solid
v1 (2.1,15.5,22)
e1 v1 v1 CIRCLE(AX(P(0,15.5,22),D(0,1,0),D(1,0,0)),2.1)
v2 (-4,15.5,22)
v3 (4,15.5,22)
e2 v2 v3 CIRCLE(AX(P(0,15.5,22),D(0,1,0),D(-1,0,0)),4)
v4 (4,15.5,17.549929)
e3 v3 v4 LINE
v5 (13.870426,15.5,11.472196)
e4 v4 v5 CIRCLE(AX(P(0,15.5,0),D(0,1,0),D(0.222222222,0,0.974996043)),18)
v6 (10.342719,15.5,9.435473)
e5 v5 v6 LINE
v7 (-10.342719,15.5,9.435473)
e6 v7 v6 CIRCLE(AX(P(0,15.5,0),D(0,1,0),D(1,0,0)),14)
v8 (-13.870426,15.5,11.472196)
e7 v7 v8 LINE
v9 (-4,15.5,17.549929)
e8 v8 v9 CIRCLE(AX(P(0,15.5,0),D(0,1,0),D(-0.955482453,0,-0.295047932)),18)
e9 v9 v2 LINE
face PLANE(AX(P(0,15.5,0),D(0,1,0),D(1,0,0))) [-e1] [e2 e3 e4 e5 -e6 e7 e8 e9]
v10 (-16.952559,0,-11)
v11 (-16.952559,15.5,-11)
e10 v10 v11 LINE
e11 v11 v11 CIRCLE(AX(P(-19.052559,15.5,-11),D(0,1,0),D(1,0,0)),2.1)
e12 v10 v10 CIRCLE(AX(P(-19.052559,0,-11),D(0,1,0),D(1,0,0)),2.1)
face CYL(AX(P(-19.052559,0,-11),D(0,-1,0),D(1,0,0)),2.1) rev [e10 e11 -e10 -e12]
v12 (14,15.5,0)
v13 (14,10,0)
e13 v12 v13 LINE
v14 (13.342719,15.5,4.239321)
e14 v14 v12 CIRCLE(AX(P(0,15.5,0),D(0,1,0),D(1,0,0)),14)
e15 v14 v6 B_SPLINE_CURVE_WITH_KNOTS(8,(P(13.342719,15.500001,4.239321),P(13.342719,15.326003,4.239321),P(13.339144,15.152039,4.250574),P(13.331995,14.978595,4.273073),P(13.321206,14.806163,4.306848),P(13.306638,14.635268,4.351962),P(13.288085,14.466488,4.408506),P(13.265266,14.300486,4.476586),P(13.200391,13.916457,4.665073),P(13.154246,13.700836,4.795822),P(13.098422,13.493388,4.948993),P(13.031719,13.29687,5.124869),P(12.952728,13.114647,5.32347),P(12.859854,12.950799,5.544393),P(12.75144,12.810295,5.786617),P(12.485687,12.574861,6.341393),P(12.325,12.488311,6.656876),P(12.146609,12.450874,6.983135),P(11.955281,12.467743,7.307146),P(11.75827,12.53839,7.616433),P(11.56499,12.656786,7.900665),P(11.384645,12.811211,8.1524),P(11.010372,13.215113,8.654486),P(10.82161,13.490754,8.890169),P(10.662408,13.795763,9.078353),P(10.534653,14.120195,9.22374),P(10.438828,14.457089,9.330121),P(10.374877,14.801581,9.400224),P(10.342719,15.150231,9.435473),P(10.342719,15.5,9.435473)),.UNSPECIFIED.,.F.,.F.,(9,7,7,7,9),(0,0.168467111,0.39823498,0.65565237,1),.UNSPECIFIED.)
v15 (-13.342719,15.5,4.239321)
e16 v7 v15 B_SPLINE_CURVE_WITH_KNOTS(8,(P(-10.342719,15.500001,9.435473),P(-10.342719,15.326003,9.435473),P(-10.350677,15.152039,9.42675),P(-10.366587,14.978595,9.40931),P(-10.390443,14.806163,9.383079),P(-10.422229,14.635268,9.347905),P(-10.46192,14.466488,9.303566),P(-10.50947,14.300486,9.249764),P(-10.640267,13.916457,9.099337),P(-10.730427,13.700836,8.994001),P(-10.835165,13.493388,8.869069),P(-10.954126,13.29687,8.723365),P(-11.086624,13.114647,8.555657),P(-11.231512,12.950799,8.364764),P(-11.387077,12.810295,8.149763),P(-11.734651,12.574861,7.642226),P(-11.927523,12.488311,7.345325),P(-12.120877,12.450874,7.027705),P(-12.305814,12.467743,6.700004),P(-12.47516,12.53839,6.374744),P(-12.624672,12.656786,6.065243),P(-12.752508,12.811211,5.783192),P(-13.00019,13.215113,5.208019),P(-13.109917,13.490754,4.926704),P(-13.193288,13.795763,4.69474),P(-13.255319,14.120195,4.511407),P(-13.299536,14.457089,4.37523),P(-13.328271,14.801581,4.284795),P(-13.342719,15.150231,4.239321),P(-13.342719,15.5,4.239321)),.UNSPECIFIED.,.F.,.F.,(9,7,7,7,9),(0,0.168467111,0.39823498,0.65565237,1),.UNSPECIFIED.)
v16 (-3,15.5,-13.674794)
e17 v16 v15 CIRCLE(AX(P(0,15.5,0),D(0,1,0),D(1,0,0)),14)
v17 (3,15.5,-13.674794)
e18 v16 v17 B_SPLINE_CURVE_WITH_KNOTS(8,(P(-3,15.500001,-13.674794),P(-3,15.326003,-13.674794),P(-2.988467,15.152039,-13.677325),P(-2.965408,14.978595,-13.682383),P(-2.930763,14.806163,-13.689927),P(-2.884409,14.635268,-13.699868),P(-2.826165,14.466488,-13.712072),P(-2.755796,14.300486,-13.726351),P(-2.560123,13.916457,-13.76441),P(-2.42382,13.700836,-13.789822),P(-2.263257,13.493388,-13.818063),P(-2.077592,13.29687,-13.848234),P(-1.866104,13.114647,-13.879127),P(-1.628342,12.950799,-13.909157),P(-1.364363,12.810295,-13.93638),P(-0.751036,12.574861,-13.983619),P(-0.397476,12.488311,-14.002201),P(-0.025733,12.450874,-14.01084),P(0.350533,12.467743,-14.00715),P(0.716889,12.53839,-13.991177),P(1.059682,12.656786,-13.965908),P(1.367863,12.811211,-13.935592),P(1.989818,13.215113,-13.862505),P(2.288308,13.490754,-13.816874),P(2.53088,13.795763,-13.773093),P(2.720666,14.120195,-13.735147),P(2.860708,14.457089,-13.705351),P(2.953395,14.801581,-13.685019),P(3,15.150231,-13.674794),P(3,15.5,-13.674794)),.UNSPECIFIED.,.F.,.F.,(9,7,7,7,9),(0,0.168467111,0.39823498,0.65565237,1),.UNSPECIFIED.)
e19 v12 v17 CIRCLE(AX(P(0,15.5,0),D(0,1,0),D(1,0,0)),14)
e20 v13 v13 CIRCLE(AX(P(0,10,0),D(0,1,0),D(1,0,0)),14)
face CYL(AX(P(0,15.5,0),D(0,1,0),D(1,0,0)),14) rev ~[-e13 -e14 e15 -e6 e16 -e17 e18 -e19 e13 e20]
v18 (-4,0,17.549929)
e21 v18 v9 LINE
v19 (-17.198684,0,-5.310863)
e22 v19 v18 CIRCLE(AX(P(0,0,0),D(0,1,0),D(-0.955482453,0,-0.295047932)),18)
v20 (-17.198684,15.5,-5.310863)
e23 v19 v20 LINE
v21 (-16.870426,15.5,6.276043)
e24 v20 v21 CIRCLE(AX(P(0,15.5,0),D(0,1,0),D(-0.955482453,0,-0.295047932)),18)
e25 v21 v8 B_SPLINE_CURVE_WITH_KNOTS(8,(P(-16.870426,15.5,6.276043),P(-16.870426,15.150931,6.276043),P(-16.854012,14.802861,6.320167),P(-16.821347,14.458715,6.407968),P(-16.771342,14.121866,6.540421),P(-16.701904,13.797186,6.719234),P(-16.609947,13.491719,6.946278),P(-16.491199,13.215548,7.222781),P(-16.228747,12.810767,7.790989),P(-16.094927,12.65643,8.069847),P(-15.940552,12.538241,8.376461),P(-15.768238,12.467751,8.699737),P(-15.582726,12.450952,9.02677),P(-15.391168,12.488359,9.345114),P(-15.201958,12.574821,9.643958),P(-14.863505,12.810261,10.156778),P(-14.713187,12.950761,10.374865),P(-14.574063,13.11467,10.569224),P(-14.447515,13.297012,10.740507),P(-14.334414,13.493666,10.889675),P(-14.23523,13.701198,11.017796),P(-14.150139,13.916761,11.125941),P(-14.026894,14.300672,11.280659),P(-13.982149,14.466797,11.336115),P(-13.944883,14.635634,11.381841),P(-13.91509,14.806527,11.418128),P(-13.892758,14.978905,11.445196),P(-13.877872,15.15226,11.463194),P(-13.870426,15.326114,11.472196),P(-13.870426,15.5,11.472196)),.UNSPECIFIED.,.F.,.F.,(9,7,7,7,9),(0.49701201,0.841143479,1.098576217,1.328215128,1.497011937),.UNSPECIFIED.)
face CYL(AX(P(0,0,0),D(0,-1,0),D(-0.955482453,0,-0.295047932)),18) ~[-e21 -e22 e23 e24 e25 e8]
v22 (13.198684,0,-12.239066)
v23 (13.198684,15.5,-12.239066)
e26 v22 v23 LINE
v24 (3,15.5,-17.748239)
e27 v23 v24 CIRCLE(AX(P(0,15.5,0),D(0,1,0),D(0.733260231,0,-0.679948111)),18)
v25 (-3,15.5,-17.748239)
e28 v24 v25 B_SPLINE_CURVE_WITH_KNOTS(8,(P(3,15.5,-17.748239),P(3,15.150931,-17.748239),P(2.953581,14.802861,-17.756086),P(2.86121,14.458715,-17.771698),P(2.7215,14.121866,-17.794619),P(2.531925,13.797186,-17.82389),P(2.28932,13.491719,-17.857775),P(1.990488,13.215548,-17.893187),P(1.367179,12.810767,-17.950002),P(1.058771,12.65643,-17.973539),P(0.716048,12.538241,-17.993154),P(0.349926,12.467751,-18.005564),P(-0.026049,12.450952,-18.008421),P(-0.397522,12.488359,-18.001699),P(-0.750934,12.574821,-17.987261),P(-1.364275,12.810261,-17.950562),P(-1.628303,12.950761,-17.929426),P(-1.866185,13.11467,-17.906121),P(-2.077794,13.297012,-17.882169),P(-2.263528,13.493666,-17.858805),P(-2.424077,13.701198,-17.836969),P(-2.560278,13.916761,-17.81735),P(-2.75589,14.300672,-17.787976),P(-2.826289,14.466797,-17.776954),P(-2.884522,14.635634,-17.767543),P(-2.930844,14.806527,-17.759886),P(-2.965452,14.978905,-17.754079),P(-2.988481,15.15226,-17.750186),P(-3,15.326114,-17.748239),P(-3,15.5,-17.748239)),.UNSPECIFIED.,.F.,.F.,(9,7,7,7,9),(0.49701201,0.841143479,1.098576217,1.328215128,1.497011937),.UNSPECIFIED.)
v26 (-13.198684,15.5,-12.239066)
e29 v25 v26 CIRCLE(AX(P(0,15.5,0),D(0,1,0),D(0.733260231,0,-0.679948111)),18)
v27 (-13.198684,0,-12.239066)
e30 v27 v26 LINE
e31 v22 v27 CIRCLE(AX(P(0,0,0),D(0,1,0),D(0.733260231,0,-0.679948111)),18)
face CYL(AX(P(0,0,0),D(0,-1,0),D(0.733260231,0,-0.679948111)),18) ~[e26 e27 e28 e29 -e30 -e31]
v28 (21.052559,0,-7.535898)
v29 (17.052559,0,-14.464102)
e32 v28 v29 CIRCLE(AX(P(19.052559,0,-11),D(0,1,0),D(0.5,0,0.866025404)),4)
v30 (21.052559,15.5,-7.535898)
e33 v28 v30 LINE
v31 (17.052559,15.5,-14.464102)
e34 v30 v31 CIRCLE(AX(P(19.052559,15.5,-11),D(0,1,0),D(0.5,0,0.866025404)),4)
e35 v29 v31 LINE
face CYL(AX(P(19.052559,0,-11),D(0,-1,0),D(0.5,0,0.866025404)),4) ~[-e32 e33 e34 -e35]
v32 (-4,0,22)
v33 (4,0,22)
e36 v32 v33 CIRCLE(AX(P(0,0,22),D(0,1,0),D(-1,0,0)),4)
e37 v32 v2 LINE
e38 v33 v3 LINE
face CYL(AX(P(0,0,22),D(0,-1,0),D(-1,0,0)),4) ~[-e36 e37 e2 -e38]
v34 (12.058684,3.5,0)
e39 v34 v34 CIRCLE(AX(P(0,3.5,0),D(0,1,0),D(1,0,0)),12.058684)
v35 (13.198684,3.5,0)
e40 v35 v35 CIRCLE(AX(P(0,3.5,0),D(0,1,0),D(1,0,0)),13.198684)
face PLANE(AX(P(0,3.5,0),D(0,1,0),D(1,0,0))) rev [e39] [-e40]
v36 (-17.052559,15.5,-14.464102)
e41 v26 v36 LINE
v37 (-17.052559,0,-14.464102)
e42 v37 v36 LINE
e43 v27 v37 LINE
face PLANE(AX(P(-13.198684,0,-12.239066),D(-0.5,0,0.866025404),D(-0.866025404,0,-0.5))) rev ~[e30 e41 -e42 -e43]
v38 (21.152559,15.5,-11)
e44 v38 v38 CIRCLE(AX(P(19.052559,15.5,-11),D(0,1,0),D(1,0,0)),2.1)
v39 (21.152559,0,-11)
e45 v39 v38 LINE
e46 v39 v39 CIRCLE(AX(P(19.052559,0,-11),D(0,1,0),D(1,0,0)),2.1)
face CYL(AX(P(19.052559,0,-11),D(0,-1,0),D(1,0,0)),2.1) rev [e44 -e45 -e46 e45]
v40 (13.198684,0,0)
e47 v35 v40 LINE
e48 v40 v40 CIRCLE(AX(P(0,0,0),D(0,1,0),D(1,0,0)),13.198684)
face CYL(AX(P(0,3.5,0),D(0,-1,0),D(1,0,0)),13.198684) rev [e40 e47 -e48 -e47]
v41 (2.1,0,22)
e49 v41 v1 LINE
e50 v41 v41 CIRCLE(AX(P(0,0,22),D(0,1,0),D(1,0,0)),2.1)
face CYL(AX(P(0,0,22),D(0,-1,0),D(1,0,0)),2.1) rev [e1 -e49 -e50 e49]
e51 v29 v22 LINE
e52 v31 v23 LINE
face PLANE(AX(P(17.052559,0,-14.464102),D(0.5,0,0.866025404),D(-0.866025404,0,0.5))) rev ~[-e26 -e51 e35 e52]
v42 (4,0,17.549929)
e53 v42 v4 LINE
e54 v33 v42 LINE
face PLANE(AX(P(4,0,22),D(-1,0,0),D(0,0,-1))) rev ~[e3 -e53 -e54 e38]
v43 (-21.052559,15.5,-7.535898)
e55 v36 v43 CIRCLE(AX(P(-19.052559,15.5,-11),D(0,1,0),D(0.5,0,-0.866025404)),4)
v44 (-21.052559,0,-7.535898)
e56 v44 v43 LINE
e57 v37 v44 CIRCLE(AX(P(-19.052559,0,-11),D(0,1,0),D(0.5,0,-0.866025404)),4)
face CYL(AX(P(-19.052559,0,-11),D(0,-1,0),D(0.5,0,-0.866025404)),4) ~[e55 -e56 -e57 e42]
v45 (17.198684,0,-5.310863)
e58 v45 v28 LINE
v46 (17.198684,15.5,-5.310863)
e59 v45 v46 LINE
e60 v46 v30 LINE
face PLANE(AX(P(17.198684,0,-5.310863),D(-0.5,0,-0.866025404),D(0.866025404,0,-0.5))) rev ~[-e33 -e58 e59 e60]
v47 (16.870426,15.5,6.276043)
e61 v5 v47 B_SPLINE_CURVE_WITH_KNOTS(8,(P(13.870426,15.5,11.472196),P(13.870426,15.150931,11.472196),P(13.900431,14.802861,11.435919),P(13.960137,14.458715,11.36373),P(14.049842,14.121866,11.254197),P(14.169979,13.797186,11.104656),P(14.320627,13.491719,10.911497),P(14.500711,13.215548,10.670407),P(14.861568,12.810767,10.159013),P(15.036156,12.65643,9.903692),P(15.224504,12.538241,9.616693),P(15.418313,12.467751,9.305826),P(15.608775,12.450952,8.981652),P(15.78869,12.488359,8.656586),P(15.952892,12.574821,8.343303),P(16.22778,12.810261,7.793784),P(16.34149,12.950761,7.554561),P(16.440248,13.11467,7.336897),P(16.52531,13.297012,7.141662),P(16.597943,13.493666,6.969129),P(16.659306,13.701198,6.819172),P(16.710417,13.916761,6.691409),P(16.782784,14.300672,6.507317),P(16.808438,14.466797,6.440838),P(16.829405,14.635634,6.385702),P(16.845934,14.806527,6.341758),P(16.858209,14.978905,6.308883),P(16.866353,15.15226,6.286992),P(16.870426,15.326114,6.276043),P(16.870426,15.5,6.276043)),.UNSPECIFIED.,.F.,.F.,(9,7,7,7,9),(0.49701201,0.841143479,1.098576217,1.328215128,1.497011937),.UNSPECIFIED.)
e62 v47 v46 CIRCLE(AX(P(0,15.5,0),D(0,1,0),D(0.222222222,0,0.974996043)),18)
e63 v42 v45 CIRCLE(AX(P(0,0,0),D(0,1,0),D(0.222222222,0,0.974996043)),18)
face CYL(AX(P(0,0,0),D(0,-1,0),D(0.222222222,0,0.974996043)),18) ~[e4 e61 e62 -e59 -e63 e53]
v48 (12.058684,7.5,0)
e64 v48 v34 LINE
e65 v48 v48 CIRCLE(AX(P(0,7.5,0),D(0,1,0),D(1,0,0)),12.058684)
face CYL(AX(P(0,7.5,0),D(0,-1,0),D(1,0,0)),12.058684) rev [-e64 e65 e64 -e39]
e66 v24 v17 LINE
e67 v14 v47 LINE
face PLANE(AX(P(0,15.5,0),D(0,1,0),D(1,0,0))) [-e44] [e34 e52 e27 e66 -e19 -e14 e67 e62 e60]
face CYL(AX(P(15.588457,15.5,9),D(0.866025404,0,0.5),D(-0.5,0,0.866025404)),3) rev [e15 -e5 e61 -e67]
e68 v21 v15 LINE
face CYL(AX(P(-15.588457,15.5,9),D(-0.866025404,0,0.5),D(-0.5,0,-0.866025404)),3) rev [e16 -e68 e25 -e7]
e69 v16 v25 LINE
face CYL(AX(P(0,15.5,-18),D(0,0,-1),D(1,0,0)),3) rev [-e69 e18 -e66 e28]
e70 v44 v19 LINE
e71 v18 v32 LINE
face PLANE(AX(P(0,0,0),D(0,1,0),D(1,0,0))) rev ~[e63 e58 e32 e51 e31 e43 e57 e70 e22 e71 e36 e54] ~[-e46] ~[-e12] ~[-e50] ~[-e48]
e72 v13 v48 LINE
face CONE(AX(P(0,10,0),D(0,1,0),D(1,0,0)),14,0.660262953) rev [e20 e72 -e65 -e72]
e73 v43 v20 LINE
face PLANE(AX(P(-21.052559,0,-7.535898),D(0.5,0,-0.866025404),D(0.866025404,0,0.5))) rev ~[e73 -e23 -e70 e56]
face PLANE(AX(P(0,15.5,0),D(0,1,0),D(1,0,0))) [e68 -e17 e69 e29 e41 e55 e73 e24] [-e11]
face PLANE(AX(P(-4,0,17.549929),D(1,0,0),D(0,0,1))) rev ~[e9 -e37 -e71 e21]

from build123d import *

# Parameters (mm, degrees)
SKETCH1_R           = 2.1
BOSS_EXTRUDE1_DEPTH = 15.5
SKETCH2_R           = 14
CUT_EXTRUDE1_DEPTH  = 16.5
CUT_EXTRUDE2_START  = -18
SKETCH4_R           = 3
CUT_EXTRUDE2_DEPTH  = 4.325206
CIRPATTERN1_COUNT   = 3


with BuildPart() as part:
    # Sketch1 → Boss-Extrude1 (new body)
    with BuildSketch(Plane(origin=(0, 0, 0), x_dir=(1, 0, 0), z_dir=(0, 1, 0))):
        with BuildLine():
            Line((-4, -17.549928775), (-4, -22))
            ThreePointArc((-4, -22), (0, -26), (4, -22))
            Line((4, -22), (4, -17.549928775))
            ThreePointArc((4, -17.549928775), (15.588457268, -9), (17.198684154, 5.310862772))
            Line((17.198684154, 5.310862772), (21.052558883, 7.535898385))
            ThreePointArc((21.052558883, 7.535898385), (22.516660498, 13), (17.052558883, 14.464101615))
            Line((17.052558883, 14.464101615), (13.198684154, 12.239066003))
            ThreePointArc((13.198684154, 12.239066003), (0, 18), (-13.198684154, 12.239066003))
            Line((-13.198684154, 12.239066003), (-17.052558883, 14.464101615))
            ThreePointArc((-17.052558883, 14.464101615), (-22.516660498, 13), (-21.052558883, 7.535898385))
            Line((-21.052558883, 7.535898385), (-17.198684154, 5.310862772))
            ThreePointArc((-17.198684154, 5.310862772), (-15.588457268, -9), (-4, -17.549928775))
        make_face()
        with Locations((0, -22)):
            Circle(SKETCH1_R, mode=Mode.SUBTRACT)
        with Locations((-19.052558883, 11)):
            Circle(SKETCH1_R, mode=Mode.SUBTRACT)
        with Locations((19.052558883, 11)):
            Circle(SKETCH1_R, mode=Mode.SUBTRACT)
    extrude(amount=BOSS_EXTRUDE1_DEPTH)

    # Sketch2 → Cut-Extrude1 (cut, through all)
    with BuildSketch(Plane(origin=(0, 15.5, 0), x_dir=(1, 0, 0), z_dir=(0, 1, 0))):
        Circle(SKETCH2_R)
    extrude(amount=-CUT_EXTRUDE1_DEPTH, mode=Mode.SUBTRACT)

    # Sketch3 → Revolve1 (revolve)
    with BuildSketch(Plane.XY):
        Polygon((14, 10), (12.058684154, 7.5), (12.058684154, 3.5), (13.198684154, 3.5), (13.198684154, 0), (14, 0), (14.499168446, 0), (14.499168446, 10), align=None)
    revolve(axis=Axis((0, 0, 0), (0, 1, 0)))

    # Sketch4 → Cut-Extrude2 (cut)
    with BuildSketch(Plane.XY.offset(CUT_EXTRUDE2_START)):
        with Locations((0, 15.5)):
            Circle(SKETCH4_R)
    cut_extrude2 = extrude(amount=CUT_EXTRUDE2_DEPTH, mode=Mode.SUBTRACT)

    # CirPattern1: Cut-Extrude2 ×3 about axis
    cirpattern1_axis = Axis((0, 0, 0), (0, 1, 0))
    for i in range(1, CIRPATTERN1_COUNT):
        add(cut_extrude2.rotate(cirpattern1_axis, i * 360 / CIRPATTERN1_COUNT), mode=Mode.SUBTRACT)


solid = part.part
